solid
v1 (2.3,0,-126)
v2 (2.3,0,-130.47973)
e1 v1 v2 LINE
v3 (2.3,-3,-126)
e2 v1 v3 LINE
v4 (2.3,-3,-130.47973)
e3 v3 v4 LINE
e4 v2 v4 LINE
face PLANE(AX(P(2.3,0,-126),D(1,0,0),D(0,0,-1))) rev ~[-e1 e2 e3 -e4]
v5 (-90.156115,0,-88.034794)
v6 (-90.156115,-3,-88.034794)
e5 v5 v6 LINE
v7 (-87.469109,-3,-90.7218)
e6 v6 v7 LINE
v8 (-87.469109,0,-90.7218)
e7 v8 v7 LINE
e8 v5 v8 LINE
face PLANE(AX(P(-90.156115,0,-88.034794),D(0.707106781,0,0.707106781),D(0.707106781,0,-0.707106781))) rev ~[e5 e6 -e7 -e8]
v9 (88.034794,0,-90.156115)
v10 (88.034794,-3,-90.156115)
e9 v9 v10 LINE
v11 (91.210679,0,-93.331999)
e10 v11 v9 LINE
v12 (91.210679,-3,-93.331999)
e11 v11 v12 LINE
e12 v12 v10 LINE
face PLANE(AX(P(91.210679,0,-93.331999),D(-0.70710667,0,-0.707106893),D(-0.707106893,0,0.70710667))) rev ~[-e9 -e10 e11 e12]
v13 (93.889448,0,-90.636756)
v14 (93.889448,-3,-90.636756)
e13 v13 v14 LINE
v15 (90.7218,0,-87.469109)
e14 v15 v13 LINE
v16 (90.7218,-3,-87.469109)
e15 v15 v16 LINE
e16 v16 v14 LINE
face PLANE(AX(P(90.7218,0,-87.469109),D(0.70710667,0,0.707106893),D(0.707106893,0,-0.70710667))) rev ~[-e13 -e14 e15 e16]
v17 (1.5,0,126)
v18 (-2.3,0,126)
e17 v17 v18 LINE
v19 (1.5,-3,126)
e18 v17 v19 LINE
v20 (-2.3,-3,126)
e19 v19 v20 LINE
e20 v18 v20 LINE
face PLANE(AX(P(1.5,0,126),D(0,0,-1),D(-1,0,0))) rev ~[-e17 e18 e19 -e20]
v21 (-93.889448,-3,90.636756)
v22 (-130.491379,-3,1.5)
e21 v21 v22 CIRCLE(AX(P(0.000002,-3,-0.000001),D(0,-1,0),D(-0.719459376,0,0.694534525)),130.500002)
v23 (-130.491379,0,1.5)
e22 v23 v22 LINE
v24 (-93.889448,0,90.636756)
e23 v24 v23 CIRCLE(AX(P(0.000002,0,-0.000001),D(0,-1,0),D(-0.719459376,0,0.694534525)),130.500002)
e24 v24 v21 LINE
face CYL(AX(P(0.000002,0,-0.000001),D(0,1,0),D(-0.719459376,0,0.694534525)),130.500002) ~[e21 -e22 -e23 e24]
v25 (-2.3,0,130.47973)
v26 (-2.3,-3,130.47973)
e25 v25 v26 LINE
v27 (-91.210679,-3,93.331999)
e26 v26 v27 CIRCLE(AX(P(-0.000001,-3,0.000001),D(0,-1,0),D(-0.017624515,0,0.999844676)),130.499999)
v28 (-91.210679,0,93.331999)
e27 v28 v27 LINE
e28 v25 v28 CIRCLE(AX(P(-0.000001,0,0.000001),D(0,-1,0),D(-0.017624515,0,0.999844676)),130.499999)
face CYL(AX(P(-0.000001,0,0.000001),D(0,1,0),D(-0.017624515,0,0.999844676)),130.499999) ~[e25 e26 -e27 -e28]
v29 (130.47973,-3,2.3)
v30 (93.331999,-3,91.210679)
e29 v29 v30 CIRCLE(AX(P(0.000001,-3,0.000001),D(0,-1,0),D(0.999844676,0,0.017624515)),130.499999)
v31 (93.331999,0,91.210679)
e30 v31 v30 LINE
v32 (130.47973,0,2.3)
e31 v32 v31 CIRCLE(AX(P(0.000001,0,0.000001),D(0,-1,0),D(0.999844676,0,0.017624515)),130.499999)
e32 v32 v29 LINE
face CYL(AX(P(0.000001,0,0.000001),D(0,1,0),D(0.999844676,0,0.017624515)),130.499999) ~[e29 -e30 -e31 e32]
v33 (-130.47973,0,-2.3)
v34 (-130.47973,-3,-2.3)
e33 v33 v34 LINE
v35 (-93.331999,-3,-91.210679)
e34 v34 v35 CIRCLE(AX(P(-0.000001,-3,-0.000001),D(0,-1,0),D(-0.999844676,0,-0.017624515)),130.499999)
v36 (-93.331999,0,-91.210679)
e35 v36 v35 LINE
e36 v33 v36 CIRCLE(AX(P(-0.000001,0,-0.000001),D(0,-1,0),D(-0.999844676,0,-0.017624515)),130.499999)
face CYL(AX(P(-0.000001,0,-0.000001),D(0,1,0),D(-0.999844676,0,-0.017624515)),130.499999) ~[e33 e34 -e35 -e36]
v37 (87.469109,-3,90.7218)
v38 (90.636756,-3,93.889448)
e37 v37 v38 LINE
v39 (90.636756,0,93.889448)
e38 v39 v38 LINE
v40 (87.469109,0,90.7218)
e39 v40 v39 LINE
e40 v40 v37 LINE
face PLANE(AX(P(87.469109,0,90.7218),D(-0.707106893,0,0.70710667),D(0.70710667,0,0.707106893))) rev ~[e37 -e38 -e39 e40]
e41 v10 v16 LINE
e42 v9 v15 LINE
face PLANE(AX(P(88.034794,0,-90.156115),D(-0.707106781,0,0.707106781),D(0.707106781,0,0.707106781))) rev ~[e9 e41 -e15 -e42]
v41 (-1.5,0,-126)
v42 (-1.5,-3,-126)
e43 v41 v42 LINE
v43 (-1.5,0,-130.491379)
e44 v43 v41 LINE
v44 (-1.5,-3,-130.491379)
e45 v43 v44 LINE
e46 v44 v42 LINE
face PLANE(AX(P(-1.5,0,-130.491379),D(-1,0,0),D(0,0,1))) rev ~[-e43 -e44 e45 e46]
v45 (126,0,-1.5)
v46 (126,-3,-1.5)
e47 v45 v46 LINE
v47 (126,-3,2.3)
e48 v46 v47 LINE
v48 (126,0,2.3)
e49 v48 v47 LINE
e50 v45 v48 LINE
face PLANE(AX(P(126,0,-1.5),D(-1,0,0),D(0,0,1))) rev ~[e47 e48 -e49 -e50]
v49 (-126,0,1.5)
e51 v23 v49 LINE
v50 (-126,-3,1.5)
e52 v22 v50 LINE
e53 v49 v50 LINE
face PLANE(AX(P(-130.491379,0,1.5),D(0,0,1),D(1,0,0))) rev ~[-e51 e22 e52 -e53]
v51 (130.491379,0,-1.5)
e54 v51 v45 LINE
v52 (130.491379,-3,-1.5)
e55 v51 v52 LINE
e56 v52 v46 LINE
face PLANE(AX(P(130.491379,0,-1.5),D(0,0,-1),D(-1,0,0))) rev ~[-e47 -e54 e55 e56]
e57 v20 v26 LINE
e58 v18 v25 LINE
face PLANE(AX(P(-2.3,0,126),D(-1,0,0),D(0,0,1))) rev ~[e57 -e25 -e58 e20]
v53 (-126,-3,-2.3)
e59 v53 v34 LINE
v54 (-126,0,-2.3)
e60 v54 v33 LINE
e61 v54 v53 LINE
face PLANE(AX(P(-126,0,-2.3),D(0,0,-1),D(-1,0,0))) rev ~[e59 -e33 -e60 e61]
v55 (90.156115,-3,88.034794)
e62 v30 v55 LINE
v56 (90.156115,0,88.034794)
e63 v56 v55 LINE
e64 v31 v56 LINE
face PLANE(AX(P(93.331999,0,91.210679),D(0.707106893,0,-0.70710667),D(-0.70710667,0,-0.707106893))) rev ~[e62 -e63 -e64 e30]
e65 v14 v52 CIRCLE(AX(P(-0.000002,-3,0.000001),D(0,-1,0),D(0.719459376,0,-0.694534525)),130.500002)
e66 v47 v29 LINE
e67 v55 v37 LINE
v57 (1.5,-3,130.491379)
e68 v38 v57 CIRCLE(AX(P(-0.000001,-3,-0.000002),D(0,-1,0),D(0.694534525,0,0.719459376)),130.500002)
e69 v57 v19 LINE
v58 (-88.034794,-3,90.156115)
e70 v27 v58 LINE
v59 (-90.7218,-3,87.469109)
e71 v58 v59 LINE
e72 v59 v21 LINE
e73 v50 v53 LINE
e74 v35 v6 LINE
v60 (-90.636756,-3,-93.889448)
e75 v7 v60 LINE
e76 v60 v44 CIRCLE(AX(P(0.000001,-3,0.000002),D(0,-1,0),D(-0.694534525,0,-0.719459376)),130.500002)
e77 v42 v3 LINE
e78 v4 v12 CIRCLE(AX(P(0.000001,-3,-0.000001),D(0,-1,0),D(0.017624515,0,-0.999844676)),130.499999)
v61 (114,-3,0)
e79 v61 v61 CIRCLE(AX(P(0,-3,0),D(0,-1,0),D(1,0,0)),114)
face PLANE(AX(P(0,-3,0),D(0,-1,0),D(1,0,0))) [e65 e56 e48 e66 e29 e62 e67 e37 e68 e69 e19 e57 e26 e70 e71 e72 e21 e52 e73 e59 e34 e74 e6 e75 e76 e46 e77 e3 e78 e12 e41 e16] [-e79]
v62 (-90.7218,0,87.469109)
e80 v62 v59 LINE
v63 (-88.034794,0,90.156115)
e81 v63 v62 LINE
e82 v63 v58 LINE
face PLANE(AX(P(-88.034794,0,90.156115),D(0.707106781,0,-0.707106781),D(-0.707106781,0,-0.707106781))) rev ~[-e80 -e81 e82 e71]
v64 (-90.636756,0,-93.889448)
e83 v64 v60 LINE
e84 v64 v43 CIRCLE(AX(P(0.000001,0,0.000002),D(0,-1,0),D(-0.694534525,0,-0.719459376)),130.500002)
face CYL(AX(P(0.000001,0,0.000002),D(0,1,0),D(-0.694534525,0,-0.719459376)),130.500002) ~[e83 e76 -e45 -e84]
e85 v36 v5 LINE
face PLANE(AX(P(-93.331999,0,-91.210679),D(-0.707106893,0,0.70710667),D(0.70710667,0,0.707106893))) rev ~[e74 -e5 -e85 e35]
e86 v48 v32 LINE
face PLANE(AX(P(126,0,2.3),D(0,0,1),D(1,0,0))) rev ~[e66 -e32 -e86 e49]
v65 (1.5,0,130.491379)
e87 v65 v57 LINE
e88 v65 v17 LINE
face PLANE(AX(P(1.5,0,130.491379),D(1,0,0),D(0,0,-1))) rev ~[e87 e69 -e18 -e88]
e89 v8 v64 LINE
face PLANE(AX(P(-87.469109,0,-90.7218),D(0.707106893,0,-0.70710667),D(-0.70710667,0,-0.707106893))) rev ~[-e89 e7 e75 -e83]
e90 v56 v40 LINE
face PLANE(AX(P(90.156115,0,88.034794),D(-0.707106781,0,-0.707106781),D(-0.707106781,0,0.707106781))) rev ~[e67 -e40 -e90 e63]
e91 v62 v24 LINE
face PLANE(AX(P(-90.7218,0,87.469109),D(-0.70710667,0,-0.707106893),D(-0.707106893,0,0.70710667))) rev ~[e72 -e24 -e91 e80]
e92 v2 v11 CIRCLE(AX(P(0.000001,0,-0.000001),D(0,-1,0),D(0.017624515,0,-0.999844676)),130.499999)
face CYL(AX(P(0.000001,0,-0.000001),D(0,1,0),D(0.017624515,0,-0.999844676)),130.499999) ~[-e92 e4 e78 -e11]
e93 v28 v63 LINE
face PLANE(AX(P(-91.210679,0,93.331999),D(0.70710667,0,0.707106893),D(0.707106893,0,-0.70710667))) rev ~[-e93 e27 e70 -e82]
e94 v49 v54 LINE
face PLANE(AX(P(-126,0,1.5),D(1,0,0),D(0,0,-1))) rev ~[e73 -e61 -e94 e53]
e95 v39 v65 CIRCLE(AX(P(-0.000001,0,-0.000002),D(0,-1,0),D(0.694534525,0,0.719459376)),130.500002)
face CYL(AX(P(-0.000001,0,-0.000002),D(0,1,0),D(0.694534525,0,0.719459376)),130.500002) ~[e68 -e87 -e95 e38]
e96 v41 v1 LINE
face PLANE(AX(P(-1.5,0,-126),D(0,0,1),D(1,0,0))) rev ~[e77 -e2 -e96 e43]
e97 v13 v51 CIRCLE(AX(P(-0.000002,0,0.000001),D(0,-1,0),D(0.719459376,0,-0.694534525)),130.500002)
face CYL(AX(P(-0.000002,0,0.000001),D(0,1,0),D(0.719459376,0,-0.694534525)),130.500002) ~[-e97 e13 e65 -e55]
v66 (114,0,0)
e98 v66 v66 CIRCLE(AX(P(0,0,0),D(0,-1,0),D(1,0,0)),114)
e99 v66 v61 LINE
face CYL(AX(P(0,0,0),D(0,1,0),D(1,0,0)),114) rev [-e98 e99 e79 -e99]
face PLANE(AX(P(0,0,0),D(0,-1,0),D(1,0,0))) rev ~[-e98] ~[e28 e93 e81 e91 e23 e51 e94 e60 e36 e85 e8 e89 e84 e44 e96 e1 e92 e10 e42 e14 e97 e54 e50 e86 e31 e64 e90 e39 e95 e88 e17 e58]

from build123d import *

# Parameters (mm, degrees)
F0_R     = 114
F1_DEPTH = 3


with BuildPart() as f1:
    # F0 (on Front) → F1 (new body)
    with BuildSketch(Plane.XZ):
        with BuildLine():
            Line((126, 2.3), (130.47973, 2.3))
            ThreePointArc((130.47973, 2.3), (120.412623, 50.309544), (93.331999, 91.210679))
            Line((93.331999, 91.210679), (90.156115, 88.034794))
            Line((90.156115, 88.034794), (87.469109, 90.7218))
            Line((87.469109, 90.7218), (90.636756, 93.889448))
            ThreePointArc((90.636756, 93.889448), (49.570362, 120.718802), (1.5, 130.491379))
            Line((1.5, 130.491379), (1.5, 126))
            Line((1.5, 126), (-2.3, 126))
            Line((-2.3, 126), (-2.3, 130.47973))
            ThreePointArc((-2.3, 130.47973), (-50.309544, 120.412623), (-91.210679, 93.331999))
            Line((-91.210679, 93.331999), (-88.034794, 90.156115))
            Line((-88.034794, 90.156115), (-90.7218, 87.469109))
            Line((-90.7218, 87.469109), (-93.889448, 90.636756))
            ThreePointArc((-93.889448, 90.636756), (-120.718802, 49.570362), (-130.491379, 1.5))
            Line((-130.491379, 1.5), (-126, 1.5))
            Line((-126, 1.5), (-126, -2.3))
            Line((-126, -2.3), (-130.47973, -2.3))
            ThreePointArc((-130.47973, -2.3), (-120.412623, -50.309544), (-93.331999, -91.210679))
            Line((-93.331999, -91.210679), (-90.156115, -88.034794))
            Line((-90.156115, -88.034794), (-87.469109, -90.7218))
            Line((-87.469109, -90.7218), (-90.636756, -93.889448))
            ThreePointArc((-90.636756, -93.889448), (-49.570362, -120.718802), (-1.5, -130.491379))
            Line((-1.5, -130.491379), (-1.5, -126))
            Line((-1.5, -126), (2.3, -126))
            Line((2.3, -126), (2.3, -130.47973))
            ThreePointArc((2.3, -130.47973), (50.309544, -120.412623), (91.210679, -93.331999))
            Line((91.210679, -93.331999), (88.034794, -90.156115))
            Line((88.034794, -90.156115), (90.7218, -87.469109))
            Line((90.7218, -87.469109), (93.889448, -90.636756))
            ThreePointArc((93.889448, -90.636756), (120.718802, -49.570362), (130.491379, -1.5))
            Line((130.491379, -1.5), (126, -1.5))
            Line((126, -1.5), (126, 2.3))
        make_face()
        Circle(F0_R, mode=Mode.SUBTRACT)
    extrude(amount=F1_DEPTH)


solid = f1.part
